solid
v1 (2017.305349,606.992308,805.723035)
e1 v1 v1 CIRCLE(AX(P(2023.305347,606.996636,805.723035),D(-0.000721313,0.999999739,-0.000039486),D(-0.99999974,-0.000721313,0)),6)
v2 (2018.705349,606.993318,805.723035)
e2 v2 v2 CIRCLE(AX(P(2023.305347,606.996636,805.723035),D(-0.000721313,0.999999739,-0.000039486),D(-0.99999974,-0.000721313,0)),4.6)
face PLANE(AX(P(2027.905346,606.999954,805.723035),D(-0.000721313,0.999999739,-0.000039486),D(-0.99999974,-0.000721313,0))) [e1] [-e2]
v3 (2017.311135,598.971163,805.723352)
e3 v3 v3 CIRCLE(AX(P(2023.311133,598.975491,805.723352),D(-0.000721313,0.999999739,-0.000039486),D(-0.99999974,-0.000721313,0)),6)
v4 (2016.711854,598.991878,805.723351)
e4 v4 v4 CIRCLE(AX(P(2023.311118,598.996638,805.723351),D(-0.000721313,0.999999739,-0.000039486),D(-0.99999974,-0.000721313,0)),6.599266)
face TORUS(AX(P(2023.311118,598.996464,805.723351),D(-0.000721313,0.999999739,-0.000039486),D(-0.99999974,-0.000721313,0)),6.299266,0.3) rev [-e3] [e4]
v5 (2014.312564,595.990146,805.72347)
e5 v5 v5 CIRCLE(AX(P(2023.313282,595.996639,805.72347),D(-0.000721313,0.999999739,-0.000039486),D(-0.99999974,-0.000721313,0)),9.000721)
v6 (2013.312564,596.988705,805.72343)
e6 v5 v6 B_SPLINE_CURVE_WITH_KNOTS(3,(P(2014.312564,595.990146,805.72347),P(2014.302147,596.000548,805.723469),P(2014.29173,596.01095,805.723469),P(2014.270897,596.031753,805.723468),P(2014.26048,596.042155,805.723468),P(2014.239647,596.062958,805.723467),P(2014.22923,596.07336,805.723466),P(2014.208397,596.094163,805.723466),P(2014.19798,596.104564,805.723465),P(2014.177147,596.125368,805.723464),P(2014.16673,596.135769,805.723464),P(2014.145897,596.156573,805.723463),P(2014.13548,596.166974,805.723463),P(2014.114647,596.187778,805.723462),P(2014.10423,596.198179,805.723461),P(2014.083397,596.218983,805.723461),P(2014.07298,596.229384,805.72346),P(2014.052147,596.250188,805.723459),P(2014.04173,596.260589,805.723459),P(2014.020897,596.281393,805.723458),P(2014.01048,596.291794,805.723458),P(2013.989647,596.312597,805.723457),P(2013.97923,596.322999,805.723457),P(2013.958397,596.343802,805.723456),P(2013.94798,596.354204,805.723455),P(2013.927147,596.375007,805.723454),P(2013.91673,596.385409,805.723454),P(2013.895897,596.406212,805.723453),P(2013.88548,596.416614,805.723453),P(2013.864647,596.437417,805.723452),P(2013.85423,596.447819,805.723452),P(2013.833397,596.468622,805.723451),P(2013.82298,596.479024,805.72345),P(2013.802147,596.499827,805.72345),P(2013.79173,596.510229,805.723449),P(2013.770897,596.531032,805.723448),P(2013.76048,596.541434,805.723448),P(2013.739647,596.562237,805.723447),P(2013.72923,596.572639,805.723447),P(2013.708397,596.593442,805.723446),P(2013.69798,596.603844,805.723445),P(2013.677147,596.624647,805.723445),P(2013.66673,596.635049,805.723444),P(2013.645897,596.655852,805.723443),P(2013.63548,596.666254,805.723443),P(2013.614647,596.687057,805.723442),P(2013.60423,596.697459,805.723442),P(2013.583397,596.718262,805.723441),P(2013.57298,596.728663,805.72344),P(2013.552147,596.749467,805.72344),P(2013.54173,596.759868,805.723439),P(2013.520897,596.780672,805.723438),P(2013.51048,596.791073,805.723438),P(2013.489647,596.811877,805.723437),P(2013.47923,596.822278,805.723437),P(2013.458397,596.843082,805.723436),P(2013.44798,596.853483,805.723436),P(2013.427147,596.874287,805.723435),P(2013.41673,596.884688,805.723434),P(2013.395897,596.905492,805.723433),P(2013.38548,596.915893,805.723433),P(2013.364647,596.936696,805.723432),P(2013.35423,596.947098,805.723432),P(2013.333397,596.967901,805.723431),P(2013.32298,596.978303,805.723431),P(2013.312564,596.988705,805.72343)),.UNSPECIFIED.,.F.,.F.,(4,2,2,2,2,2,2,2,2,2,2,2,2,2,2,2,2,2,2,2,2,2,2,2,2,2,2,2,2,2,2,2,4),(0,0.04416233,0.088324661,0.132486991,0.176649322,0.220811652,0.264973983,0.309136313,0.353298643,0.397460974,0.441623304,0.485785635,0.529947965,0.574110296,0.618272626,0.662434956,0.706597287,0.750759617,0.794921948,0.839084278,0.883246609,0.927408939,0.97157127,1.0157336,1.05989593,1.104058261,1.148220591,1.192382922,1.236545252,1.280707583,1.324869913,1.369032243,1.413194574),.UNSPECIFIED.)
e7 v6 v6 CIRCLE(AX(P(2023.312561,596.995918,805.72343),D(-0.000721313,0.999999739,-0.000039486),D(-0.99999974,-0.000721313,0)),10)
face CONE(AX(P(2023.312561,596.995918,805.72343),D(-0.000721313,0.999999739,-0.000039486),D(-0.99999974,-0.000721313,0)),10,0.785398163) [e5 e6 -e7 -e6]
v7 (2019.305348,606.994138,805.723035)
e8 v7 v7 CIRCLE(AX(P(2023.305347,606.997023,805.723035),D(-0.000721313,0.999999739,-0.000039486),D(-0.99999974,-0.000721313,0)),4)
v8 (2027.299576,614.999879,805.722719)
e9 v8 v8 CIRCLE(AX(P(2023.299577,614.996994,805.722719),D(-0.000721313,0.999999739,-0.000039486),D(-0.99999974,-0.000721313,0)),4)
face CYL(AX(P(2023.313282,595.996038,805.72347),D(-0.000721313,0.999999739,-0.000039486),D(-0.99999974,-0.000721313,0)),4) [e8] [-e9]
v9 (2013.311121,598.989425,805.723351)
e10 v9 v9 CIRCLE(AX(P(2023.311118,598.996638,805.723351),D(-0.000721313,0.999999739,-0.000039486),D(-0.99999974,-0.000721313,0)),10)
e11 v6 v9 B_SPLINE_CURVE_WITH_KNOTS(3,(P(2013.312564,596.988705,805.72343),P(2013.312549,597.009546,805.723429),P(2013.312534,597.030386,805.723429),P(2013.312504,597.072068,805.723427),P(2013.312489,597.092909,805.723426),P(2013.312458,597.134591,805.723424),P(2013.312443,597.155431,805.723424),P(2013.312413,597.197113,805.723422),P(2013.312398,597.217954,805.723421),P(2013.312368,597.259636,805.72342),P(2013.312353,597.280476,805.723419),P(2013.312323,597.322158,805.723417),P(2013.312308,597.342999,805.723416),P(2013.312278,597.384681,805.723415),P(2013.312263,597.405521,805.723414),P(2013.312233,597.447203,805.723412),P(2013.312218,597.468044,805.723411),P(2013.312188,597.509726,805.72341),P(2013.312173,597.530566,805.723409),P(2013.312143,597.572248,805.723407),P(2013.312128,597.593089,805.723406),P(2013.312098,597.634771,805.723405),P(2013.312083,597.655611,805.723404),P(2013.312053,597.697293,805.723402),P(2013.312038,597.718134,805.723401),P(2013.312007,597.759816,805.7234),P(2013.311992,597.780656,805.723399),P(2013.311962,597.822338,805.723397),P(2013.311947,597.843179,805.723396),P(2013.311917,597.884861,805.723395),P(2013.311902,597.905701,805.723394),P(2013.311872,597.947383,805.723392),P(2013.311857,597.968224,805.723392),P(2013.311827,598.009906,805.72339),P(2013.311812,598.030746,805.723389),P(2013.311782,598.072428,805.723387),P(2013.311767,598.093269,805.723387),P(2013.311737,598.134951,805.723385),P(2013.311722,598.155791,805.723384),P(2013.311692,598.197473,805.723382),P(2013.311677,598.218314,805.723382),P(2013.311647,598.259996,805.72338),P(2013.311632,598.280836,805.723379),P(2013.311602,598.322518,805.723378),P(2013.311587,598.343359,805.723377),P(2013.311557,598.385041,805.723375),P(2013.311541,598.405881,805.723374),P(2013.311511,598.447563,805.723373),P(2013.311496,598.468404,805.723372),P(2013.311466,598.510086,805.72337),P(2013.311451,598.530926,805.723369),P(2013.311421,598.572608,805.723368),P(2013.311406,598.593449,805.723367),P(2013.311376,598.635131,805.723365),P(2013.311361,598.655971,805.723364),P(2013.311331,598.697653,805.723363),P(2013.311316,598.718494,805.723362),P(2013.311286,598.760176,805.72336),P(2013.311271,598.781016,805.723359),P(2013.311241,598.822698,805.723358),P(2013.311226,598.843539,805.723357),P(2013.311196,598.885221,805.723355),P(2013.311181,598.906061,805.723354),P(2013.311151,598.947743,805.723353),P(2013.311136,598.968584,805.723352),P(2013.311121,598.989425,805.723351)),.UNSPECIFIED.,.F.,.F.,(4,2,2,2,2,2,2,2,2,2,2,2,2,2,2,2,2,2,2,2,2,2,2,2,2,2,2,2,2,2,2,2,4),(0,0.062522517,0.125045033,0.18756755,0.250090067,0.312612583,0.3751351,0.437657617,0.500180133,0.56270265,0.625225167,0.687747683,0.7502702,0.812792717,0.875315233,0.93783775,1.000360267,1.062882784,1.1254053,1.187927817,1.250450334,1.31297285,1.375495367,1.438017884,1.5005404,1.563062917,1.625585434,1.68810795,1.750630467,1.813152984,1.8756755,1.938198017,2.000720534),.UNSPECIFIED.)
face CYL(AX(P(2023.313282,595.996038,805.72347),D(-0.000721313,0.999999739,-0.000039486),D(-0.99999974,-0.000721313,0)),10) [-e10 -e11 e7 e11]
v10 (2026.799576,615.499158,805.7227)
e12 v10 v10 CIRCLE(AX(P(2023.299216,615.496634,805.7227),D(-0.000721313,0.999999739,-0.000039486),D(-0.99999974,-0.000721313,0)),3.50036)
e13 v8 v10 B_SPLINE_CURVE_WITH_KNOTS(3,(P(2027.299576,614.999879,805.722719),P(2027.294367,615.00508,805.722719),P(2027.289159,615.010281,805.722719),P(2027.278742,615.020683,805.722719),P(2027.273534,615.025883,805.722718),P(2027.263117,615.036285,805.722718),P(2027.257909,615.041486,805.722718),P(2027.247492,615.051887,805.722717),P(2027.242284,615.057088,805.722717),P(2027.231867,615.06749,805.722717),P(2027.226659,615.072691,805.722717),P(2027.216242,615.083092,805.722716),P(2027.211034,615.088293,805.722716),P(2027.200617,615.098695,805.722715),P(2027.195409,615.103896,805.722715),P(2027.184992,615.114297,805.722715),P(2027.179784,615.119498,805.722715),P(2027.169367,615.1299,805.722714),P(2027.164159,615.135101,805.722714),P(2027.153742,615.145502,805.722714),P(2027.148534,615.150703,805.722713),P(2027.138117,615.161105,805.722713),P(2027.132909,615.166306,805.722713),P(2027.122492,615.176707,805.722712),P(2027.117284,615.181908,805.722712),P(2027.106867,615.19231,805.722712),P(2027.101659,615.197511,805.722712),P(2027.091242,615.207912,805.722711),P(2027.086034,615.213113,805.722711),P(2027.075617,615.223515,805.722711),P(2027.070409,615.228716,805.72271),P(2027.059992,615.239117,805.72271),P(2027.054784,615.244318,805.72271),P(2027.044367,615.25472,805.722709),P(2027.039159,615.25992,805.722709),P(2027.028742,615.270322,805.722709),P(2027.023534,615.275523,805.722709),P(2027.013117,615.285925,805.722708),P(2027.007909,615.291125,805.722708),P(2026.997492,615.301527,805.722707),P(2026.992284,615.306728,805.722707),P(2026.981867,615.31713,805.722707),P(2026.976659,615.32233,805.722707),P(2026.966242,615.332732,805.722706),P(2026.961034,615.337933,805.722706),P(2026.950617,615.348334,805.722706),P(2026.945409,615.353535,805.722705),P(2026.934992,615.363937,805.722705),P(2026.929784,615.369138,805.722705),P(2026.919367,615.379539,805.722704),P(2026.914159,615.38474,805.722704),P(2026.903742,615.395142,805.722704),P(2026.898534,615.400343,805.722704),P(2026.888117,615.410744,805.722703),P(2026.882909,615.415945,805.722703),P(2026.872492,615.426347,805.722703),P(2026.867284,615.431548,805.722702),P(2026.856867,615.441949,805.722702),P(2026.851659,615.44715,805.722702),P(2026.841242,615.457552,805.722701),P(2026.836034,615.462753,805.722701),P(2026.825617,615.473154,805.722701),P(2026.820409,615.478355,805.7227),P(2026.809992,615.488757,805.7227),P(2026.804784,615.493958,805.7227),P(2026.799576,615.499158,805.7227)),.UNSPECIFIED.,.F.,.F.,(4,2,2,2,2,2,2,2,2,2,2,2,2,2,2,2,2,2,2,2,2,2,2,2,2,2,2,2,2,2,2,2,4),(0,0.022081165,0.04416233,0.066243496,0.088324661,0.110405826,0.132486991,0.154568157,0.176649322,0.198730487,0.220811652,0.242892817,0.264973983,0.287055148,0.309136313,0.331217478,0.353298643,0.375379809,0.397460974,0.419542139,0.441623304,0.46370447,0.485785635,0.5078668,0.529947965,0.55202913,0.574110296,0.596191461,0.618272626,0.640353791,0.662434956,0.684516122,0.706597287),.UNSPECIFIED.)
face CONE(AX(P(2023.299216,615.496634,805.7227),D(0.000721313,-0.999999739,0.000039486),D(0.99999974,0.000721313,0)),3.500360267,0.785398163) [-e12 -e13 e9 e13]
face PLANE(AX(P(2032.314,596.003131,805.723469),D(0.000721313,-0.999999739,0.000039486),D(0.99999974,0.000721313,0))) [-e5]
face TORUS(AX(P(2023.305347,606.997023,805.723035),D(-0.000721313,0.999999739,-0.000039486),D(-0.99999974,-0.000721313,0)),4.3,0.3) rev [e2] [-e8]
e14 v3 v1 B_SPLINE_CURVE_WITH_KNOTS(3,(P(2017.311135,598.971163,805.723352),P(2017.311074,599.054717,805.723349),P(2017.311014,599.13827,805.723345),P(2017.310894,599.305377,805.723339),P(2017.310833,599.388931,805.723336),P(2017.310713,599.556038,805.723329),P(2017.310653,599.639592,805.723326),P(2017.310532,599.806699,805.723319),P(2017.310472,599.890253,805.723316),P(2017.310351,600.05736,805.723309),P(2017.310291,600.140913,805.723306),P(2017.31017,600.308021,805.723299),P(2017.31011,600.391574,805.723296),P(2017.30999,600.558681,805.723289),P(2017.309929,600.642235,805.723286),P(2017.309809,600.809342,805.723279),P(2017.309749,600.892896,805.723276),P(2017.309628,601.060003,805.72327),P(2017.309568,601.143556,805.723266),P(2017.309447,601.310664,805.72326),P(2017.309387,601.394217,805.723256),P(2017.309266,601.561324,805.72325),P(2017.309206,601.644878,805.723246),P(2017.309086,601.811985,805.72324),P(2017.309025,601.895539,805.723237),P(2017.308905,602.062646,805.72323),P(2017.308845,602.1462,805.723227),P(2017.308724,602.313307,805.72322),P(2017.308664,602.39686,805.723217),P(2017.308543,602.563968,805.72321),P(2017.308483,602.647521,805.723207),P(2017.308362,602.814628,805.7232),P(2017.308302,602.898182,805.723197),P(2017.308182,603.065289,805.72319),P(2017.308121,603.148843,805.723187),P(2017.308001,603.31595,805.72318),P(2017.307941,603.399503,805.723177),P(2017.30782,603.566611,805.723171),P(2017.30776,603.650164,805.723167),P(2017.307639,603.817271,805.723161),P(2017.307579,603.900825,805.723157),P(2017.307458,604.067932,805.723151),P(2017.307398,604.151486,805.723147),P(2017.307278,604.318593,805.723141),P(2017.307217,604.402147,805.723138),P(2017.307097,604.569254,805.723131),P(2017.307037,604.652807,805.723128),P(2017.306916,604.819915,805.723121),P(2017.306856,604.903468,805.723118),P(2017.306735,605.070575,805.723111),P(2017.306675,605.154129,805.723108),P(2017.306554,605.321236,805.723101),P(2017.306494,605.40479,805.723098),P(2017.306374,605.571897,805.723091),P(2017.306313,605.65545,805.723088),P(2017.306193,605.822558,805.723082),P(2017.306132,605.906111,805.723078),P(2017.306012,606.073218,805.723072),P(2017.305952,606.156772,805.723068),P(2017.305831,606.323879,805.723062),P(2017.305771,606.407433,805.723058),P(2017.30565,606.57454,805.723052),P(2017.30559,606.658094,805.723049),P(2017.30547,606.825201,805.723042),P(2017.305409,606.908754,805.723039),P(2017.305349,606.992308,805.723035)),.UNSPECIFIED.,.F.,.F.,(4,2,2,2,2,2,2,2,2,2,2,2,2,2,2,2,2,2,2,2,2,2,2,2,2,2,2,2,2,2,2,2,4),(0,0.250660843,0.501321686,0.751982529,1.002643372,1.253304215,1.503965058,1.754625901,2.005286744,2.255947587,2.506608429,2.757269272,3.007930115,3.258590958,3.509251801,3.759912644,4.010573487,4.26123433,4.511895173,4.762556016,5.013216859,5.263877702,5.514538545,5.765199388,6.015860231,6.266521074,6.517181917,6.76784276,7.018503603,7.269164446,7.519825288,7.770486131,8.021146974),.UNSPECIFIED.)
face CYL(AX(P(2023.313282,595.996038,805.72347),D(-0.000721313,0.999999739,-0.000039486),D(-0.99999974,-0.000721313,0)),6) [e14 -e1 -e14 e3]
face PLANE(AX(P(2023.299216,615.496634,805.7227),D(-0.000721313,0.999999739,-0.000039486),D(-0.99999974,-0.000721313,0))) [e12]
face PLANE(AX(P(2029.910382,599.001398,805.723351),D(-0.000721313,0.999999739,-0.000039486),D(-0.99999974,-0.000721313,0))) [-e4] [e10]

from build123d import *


with BuildPart() as part:
    # Esquisse1 → Base-Révolution (revolve)
    with BuildSketch(Plane(origin=(0, 0.031816132, 805.747002229), x_dir=(-1, 0, 0), z_dir=(0, -3.948650350493743e-05, -0.999999999220408)), mode=Mode.PRIVATE) as base_r_volution_sk:
        with BuildLine():
            Line((-2032.314000082, 595.971315329), (-2023.31328189, 595.964822989))
            Line((-2023.31328189, 595.964822989), (-2023.299216279, 615.464817916))
            Line((-2023.299216279, 615.464817916), (-2026.799575635, 615.467342773))
            Line((-2026.799575635, 615.467342773), (-2027.299575635, 614.968063566))
            Line((-2027.299575635, 614.968063566), (-2027.305346123, 606.968092429))
            ThreePointArc((-2027.305346123, 606.968092429), (-2027.605368915, 606.668308824), (-2027.905345996, 606.968138169))
            Line((-2027.905345996, 606.968138169), (-2029.305345882, 606.969148008))
            Line((-2029.305345882, 606.969148008), (-2029.311131642, 598.94800312))
            ThreePointArc((-2029.311131642, 598.94800312), (-2029.62117852, 598.669386557), (-2029.910382155, 598.969582347))
            Line((-2029.910382155, 598.969582347), (-2033.311115348, 598.972035342))
            Line((-2033.311115348, 598.972035342), (-2033.312558495, 596.971315329))
            Line((-2033.312558495, 596.971315329), (-2032.314000082, 595.971315329))
        make_face()
    revolve(base_r_volution_sk.sketch.rotate(Axis((2023.313282323, 595.996038449, 805.723469686), (-0.0007213133811924766, 0.9999997390738775, -3.948649323018317e-05)), 179.999998368), axis=Axis((2023.313282323, 595.996038449, 805.723469686), (-0.0007213133811924766, 0.9999997390738775, -3.948649323018317e-05)))


solid = part.part
